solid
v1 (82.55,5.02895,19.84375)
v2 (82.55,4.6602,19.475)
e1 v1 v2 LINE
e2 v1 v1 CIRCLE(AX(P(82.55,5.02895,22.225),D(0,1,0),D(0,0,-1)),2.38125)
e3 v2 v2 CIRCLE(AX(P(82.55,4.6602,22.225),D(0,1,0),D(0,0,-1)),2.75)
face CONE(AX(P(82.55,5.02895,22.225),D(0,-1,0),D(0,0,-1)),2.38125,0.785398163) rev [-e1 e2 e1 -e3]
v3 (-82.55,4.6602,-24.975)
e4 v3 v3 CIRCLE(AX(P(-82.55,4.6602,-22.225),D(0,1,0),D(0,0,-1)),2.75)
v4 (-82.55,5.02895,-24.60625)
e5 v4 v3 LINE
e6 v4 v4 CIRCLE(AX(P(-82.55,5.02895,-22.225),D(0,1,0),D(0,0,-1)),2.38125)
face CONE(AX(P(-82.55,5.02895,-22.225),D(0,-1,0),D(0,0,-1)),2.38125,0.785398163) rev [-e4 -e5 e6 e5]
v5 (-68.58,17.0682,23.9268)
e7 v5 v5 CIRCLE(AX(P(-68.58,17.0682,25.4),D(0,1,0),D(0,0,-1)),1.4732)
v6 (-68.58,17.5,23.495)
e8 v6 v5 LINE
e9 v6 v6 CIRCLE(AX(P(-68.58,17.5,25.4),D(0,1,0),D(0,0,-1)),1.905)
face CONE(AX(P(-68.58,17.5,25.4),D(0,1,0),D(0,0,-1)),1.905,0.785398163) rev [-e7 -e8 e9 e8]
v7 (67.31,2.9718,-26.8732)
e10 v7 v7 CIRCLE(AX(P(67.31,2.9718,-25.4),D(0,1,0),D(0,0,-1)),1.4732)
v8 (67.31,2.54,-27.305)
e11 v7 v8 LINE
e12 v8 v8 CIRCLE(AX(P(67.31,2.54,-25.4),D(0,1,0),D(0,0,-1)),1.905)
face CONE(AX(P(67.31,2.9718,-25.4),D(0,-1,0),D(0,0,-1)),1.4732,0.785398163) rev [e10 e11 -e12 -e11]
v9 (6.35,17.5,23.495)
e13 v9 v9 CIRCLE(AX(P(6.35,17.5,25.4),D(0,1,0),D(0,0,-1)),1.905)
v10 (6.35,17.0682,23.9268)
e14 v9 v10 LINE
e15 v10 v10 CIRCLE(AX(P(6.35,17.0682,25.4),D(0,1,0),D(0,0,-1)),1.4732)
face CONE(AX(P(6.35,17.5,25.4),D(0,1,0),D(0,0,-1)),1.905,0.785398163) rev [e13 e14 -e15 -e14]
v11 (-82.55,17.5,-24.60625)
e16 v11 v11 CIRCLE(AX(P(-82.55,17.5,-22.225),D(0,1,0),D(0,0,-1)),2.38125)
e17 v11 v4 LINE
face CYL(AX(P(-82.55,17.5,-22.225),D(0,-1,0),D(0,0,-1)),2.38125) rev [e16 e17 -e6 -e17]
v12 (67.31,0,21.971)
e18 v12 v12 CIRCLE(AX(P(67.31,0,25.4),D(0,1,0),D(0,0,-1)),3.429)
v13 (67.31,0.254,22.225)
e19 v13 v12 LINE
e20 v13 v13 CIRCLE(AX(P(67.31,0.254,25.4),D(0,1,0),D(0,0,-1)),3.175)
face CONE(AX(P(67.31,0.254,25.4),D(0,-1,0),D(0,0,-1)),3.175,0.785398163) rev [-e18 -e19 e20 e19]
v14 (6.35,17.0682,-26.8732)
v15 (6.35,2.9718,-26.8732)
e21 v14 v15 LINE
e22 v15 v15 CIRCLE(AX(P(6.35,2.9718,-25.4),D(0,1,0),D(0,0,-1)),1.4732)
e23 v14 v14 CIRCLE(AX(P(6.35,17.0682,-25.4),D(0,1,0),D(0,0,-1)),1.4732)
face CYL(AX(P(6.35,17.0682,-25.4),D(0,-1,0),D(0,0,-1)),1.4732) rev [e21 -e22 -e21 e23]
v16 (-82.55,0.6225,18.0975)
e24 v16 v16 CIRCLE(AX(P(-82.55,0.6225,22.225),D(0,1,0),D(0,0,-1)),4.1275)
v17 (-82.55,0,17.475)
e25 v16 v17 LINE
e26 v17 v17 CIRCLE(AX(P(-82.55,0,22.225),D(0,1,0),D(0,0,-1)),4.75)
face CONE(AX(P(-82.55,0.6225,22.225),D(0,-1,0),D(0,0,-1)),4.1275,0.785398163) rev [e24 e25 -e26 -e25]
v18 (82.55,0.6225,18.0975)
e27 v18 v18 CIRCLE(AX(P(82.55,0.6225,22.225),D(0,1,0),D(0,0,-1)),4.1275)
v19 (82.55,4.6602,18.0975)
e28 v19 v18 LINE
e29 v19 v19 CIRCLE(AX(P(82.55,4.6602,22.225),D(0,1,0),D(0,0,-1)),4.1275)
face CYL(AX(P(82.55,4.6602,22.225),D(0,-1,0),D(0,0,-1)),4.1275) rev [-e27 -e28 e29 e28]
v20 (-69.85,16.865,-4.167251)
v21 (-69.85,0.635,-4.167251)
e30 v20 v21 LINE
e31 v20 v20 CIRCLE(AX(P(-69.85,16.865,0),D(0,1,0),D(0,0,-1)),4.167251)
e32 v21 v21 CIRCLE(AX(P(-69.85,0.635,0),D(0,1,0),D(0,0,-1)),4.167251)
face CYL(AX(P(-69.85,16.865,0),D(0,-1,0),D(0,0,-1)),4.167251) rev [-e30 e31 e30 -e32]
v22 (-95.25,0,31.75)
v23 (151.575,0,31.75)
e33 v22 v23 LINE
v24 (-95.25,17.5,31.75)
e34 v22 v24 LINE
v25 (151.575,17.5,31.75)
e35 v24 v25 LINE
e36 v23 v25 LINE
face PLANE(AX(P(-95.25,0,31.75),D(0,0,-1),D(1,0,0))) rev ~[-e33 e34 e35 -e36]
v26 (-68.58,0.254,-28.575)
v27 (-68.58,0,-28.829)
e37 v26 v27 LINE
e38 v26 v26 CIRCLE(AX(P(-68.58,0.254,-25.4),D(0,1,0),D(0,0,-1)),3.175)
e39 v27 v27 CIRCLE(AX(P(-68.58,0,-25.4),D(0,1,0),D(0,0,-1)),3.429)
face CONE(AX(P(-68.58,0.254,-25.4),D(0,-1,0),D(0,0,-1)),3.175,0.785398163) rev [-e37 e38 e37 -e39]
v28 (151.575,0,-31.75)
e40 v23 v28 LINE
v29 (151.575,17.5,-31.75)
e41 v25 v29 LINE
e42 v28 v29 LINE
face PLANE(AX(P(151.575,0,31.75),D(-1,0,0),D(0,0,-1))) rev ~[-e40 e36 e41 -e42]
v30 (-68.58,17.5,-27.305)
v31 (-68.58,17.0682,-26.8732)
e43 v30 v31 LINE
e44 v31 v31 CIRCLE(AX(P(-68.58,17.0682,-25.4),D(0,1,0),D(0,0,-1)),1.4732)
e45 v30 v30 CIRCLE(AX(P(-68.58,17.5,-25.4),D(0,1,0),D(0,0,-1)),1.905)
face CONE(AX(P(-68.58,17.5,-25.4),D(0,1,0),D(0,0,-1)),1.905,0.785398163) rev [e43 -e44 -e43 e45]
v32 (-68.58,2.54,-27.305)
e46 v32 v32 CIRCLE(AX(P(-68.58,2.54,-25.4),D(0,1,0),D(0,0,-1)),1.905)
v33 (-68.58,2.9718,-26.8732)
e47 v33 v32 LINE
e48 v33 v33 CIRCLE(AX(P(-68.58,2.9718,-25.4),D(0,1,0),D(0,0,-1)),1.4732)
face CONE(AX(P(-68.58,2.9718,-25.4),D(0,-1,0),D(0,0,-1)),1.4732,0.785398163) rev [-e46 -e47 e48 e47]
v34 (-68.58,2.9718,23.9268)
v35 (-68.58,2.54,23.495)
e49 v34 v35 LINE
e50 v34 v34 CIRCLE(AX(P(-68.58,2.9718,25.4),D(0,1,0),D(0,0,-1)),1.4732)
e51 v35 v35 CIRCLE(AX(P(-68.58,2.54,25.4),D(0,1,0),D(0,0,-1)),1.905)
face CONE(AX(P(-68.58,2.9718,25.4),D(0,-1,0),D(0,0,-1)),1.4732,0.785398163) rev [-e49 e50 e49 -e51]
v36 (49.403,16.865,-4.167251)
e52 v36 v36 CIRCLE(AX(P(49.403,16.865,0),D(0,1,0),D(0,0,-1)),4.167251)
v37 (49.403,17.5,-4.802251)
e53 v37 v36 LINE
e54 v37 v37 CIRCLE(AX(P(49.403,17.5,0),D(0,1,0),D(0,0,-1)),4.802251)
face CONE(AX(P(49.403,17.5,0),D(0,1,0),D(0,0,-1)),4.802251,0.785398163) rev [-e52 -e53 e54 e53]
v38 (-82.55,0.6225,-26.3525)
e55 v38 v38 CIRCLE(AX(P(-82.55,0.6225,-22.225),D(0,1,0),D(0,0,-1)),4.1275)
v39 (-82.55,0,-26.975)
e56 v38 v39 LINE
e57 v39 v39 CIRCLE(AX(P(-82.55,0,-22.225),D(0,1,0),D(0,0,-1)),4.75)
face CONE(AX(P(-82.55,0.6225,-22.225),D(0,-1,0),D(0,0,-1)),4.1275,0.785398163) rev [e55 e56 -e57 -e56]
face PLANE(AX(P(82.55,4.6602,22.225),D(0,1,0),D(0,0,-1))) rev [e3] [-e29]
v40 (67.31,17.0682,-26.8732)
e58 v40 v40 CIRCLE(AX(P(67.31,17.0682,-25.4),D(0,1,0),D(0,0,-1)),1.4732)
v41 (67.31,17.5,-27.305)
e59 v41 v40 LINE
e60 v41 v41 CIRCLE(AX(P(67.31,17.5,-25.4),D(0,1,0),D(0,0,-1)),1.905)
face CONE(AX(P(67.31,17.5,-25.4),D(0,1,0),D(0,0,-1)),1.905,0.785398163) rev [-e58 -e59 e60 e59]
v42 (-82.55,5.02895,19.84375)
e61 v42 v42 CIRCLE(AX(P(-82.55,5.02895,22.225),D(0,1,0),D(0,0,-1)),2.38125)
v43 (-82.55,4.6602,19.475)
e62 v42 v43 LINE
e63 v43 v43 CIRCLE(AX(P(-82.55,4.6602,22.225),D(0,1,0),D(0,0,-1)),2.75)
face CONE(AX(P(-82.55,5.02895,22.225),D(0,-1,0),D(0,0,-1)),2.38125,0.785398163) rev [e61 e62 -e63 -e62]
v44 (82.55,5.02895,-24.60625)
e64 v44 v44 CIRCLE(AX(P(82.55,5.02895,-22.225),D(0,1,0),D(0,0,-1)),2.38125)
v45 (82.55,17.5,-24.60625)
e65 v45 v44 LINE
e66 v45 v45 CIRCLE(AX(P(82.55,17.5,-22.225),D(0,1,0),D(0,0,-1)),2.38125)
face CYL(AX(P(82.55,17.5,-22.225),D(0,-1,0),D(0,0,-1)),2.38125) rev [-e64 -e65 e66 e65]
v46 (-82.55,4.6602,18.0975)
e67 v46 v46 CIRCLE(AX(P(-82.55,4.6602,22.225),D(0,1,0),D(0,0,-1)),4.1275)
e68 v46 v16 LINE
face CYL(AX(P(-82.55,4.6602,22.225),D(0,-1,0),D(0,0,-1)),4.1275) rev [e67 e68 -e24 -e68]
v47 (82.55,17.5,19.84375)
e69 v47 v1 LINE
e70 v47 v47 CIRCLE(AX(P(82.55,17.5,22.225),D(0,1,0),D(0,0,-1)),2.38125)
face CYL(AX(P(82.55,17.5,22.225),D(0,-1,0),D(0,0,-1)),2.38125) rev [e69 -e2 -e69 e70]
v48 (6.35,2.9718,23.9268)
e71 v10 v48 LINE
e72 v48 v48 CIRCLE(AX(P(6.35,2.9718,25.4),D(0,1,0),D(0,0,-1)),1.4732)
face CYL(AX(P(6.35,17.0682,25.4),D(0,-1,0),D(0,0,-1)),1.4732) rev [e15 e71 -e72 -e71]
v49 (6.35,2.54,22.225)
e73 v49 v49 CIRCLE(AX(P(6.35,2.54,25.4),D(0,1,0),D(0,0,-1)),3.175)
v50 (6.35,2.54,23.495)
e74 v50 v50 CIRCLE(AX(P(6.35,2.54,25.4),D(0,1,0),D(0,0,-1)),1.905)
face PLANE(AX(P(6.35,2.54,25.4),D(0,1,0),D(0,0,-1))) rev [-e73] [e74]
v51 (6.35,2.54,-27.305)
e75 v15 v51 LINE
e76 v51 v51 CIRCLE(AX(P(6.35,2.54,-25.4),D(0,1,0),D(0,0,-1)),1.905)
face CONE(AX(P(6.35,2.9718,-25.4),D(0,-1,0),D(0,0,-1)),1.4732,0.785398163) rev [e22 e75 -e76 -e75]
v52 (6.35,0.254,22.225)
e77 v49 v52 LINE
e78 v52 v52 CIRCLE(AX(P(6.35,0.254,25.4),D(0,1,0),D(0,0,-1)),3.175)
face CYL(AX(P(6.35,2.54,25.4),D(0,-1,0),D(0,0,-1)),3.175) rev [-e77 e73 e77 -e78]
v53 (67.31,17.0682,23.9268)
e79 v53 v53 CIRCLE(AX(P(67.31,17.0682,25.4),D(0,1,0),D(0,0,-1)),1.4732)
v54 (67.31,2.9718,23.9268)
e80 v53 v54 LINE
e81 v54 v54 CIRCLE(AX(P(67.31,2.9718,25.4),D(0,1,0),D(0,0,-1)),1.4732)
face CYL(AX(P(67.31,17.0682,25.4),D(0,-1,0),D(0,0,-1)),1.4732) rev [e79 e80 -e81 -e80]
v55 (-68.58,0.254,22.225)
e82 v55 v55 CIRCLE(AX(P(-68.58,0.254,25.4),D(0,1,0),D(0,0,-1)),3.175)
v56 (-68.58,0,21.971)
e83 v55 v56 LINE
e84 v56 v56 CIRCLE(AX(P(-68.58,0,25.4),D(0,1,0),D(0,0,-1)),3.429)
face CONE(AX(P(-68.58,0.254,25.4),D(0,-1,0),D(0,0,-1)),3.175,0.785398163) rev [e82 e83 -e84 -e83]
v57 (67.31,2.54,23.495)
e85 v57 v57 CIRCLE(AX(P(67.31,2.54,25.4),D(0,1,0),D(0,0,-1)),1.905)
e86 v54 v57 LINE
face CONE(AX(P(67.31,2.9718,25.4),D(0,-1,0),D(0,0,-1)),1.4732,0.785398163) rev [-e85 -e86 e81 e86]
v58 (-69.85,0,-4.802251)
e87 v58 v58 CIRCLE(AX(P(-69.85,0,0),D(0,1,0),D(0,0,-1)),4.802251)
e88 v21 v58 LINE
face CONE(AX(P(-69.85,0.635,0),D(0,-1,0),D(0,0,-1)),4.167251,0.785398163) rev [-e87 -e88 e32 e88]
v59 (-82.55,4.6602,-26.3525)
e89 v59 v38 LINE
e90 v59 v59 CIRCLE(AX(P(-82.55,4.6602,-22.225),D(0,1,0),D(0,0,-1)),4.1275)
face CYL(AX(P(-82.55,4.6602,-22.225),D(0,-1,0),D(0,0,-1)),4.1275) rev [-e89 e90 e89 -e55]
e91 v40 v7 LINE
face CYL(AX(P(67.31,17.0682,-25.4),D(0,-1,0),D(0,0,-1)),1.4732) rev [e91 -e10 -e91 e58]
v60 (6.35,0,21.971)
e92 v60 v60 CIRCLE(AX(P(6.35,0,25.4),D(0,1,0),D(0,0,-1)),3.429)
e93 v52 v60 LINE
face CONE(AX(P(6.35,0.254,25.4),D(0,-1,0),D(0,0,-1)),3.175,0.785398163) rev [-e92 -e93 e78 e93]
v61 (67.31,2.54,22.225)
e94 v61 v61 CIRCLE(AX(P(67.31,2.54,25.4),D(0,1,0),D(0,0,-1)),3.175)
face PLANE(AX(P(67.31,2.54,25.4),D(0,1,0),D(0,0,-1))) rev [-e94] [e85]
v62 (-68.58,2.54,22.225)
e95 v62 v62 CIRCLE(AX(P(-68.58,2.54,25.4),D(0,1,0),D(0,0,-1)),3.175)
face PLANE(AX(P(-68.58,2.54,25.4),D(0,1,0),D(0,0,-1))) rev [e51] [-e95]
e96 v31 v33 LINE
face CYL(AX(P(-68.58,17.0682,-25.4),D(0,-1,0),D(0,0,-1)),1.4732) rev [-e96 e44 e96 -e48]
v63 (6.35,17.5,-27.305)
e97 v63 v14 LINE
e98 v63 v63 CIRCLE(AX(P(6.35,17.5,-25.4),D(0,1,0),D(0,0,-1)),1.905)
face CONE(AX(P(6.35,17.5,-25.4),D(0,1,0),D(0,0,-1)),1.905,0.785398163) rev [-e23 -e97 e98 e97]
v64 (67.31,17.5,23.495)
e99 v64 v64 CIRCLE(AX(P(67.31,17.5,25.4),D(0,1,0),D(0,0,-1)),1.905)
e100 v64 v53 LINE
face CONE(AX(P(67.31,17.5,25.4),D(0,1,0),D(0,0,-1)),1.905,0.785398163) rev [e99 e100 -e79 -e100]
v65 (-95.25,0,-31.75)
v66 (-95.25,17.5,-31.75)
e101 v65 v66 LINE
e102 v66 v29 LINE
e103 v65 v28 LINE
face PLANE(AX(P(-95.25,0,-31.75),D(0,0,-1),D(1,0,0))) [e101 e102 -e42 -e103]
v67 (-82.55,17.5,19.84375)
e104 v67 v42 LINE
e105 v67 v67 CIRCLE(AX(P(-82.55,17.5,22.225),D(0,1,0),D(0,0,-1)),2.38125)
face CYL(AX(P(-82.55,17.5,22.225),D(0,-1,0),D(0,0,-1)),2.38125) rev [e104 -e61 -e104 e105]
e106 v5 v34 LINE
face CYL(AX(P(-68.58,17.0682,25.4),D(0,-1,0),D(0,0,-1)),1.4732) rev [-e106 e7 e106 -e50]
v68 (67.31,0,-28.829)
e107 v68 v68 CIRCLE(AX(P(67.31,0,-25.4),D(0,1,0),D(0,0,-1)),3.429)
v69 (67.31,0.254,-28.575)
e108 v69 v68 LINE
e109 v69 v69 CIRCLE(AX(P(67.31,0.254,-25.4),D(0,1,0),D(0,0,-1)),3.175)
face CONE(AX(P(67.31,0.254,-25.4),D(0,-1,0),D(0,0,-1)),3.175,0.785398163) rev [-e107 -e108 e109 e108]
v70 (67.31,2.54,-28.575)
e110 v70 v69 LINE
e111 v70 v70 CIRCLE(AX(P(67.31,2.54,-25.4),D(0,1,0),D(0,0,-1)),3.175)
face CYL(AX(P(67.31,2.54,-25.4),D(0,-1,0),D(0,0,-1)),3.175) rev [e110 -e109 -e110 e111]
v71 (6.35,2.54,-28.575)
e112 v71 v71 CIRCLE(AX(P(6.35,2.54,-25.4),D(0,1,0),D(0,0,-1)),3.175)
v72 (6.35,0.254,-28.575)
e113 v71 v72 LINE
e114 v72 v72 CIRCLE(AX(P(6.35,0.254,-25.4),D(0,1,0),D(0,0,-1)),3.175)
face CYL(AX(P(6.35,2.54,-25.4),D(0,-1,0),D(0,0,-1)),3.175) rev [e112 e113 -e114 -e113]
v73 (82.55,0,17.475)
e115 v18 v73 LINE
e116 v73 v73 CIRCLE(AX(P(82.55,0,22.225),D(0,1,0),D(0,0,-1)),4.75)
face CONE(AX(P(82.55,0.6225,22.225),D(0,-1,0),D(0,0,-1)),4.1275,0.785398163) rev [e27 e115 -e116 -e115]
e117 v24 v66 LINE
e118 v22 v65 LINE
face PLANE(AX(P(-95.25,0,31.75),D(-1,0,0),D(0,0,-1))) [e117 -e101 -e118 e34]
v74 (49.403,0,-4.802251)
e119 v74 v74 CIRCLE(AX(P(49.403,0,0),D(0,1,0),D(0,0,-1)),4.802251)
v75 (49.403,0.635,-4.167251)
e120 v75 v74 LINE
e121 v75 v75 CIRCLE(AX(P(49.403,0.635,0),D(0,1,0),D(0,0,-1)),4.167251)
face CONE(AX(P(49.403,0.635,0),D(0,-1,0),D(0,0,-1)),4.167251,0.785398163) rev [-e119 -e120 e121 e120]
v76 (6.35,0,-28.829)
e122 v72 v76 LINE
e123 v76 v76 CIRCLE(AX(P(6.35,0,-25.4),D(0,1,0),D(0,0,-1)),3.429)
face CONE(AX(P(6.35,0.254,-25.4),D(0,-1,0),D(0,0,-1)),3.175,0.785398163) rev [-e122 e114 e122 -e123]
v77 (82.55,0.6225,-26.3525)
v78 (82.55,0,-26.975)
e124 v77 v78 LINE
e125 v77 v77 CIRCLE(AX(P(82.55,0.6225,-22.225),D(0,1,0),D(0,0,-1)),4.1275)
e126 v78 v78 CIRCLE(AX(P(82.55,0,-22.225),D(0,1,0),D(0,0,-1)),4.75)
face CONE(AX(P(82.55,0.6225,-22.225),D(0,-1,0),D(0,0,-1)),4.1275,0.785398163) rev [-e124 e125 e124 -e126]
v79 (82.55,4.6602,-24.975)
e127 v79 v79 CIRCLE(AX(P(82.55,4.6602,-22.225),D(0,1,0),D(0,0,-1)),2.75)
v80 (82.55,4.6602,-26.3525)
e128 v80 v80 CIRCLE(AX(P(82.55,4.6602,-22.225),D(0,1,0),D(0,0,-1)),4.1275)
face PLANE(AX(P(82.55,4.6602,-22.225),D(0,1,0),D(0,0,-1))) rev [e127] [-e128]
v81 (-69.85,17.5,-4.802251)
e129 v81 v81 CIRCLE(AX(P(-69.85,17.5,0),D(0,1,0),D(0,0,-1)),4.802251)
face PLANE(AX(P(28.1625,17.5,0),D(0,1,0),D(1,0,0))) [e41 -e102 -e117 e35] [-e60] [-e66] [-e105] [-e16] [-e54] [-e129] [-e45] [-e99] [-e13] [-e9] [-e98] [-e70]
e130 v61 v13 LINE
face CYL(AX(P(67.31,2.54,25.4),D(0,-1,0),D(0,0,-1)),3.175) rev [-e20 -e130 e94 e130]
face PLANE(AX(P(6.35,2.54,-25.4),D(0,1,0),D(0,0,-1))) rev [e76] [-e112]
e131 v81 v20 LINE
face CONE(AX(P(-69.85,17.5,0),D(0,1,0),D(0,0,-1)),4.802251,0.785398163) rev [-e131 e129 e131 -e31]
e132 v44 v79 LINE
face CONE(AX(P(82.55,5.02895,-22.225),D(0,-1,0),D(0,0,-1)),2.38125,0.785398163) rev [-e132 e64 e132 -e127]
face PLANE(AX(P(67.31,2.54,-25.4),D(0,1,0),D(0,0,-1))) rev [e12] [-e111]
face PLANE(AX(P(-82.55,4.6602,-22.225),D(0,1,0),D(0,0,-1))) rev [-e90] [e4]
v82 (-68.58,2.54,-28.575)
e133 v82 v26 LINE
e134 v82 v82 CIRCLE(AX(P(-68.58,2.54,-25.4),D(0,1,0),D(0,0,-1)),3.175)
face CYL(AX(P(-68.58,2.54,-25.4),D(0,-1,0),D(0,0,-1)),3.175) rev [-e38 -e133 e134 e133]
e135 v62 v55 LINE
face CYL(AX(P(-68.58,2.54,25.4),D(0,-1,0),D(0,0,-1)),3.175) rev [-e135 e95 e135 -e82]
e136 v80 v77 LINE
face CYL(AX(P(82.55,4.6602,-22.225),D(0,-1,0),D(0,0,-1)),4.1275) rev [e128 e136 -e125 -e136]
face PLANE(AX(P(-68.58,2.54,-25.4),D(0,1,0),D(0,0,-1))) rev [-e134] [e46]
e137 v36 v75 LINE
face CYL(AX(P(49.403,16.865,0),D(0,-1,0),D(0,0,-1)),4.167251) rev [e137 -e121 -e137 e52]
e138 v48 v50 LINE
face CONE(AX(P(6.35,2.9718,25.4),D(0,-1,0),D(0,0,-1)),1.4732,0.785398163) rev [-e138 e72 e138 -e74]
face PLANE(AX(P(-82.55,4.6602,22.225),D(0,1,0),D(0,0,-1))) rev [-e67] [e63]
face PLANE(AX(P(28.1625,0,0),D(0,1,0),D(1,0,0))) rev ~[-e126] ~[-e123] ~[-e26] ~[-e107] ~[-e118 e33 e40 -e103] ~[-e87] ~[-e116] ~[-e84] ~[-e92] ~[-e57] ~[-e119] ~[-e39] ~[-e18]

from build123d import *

# Parameters (mm, degrees)
SKETCH1_W                                 = 246.825
SKETCH1_H                                 = 63.5
BOSS_EXTRUDE1_DEPTH                       = 17.5
HOLE1_AT_2_COUNT                          = 2
HOLE1_AT_2_PITCH                          = 44.45
HOLE1_AT_3_COUNT                          = 2
HOLE1_AT_3_PITCH                          = 165.1
HOLE1_AT_4_COUNT                          = 2
HOLE1_AT_4_PITCH                          = 170.978982627
F_4_CLEARANCE_HOLE1_AT_2_COUNT            = 2
F_4_CLEARANCE_HOLE1_AT_2_PITCH            = 74.93
F_4_CLEARANCE_HOLE1_AT_3_COUNT            = 2
F_4_CLEARANCE_HOLE1_AT_3_PITCH            = 135.89
F_4_CLEARANCE_HOLE1_AT_4_COUNT            = 2
F_4_CLEARANCE_HOLE1_AT_4_PITCH            = 50.8
F_4_CLEARANCE_HOLE1_AT_5_COUNT            = 2
F_4_CLEARANCE_HOLE1_AT_5_PITCH            = 90.527039607
F_4_CLEARANCE_HOLE1_AT_6_COUNT            = 2
F_4_CLEARANCE_HOLE1_AT_6_PITCH            = 145.074918921
F_21_64_0_32813_DIAMETER_HOLE1_AT_2_COUNT = 2
F_21_64_0_32813_DIAMETER_HOLE1_AT_2_PITCH = 119.253


with BuildPart() as part:
    # Sketch1 → Boss-Extrude1 (new body)
    with BuildSketch(Plane(origin=(0, 0, 0), x_dir=(1, 0, 0), z_dir=(0, 1, 0))):
        with Locations((28.1625, 0)):
            Rectangle(SKETCH1_W, SKETCH1_H)
    extrude(amount=BOSS_EXTRUDE1_DEPTH)

    # Sketch2 → Hole1 (revolve, cut)
    with BuildSketch(Plane(origin=(82.55, 0, 22.225), x_dir=(0, 0, -1), z_dir=(1, 0, 0))):
        Polygon((0, 0), (0, 17.5), (2.38125, 17.5), (2.38125, 5.02895), (2.75, 4.6602), (4.1275, 4.6602), (4.1275, 0.6225), (4.75, 0), align=None)
    hole1 = revolve(axis=Axis((82.55, -6.35, 22.225), (0, 1, 0)), mode=Mode.SUBTRACT)

    # Hole1 at 2: Hole1 ×2
    with Locations(*[(0, 0, -i * HOLE1_AT_2_PITCH) for i in range(1, HOLE1_AT_2_COUNT)]):
        add(hole1, mode=Mode.SUBTRACT)

    # Hole1 at 3: Hole1 ×2
    with Locations(*[(-i * HOLE1_AT_3_PITCH, 0, 0) for i in range(1, HOLE1_AT_3_COUNT)]):
        add(hole1, mode=Mode.SUBTRACT)

    # Hole1 at 4: Hole1 ×2
    with Locations(*[Vector(-0.9656157585206697, 0, -0.2599734734478725) * (i * HOLE1_AT_4_PITCH) for i in range(1, HOLE1_AT_4_COUNT)]):
        add(hole1, mode=Mode.SUBTRACT)

    # Sketch4 → #4 Clearance Hole1 (revolve, cut)
    with BuildSketch(Plane(origin=(-68.58, 0, -25.4), x_dir=(0, 0, -1), z_dir=(1, 0, 0))):
        Polygon((0, 0), (0, 17.5), (1.905, 17.5), (1.4732, 17.0682), (1.4732, 2.9718), (1.905, 2.54), (3.175, 2.54), (3.175, 0.254), (3.429, 0), align=None)
    f_4_clearance_hole1 = revolve(axis=Axis((-68.58, -6.35, -25.4), (0, 1, 0)), mode=Mode.SUBTRACT)

    # #4 Clearance Hole1 at 2: #4 Clearance Hole1 ×2
    with Locations(*[(i * F_4_CLEARANCE_HOLE1_AT_2_PITCH, 0, 0) for i in range(1, F_4_CLEARANCE_HOLE1_AT_2_COUNT)]):
        add(f_4_clearance_hole1, mode=Mode.SUBTRACT)

    # #4 Clearance Hole1 at 3: #4 Clearance Hole1 ×2
    with Locations(*[(i * F_4_CLEARANCE_HOLE1_AT_3_PITCH, 0, 0) for i in range(1, F_4_CLEARANCE_HOLE1_AT_3_COUNT)]):
        add(f_4_clearance_hole1, mode=Mode.SUBTRACT)

    # #4 Clearance Hole1 at 4: #4 Clearance Hole1 ×2
    with Locations(*[(0, 0, i * F_4_CLEARANCE_HOLE1_AT_4_PITCH) for i in range(1, F_4_CLEARANCE_HOLE1_AT_4_COUNT)]):
        add(f_4_clearance_hole1, mode=Mode.SUBTRACT)

    # #4 Clearance Hole1 at 5: #4 Clearance Hole1 ×2
    with Locations(*[Vector(0.8277084982047687, 0, 0.56115830386764) * (i * F_4_CLEARANCE_HOLE1_AT_5_PITCH) for i in range(1, F_4_CLEARANCE_HOLE1_AT_5_COUNT)]):
        add(f_4_clearance_hole1, mode=Mode.SUBTRACT)

    # #4 Clearance Hole1 at 6: #4 Clearance Hole1 ×2
    with Locations(*[Vector(0.9366884435330111, 0, 0.35016390412449033) * (i * F_4_CLEARANCE_HOLE1_AT_6_PITCH) for i in range(1, F_4_CLEARANCE_HOLE1_AT_6_COUNT)]):
        add(f_4_clearance_hole1, mode=Mode.SUBTRACT)

    # Sketch8 → 21/64 (0.32813) Diameter Hole1 (revolve, cut)
    with BuildSketch(Plane(origin=(-69.85, 0, 0), x_dir=(0, 0, -1), z_dir=(1, 0, 0))):
        Polygon((0, 0), (0, 17.5), (4.802251, 17.5), (4.167251, 16.865), (4.167251, 0.635), (4.802251, 0), align=None)
    f_21_64_0_32813_diameter_hole1 = revolve(axis=Axis((-69.85, -6.35, 0), (0, 1, 0)), mode=Mode.SUBTRACT)

    # 21/64 (0.32813) Diameter Hole1 at 2: 21/64 (0.32813) Diameter Hole1 ×2
    with Locations(*[(i * F_21_64_0_32813_DIAMETER_HOLE1_AT_2_PITCH, 0, 0) for i in range(1, F_21_64_0_32813_DIAMETER_HOLE1_AT_2_COUNT)]):
        add(f_21_64_0_32813_diameter_hole1, mode=Mode.SUBTRACT)


solid = part.part
